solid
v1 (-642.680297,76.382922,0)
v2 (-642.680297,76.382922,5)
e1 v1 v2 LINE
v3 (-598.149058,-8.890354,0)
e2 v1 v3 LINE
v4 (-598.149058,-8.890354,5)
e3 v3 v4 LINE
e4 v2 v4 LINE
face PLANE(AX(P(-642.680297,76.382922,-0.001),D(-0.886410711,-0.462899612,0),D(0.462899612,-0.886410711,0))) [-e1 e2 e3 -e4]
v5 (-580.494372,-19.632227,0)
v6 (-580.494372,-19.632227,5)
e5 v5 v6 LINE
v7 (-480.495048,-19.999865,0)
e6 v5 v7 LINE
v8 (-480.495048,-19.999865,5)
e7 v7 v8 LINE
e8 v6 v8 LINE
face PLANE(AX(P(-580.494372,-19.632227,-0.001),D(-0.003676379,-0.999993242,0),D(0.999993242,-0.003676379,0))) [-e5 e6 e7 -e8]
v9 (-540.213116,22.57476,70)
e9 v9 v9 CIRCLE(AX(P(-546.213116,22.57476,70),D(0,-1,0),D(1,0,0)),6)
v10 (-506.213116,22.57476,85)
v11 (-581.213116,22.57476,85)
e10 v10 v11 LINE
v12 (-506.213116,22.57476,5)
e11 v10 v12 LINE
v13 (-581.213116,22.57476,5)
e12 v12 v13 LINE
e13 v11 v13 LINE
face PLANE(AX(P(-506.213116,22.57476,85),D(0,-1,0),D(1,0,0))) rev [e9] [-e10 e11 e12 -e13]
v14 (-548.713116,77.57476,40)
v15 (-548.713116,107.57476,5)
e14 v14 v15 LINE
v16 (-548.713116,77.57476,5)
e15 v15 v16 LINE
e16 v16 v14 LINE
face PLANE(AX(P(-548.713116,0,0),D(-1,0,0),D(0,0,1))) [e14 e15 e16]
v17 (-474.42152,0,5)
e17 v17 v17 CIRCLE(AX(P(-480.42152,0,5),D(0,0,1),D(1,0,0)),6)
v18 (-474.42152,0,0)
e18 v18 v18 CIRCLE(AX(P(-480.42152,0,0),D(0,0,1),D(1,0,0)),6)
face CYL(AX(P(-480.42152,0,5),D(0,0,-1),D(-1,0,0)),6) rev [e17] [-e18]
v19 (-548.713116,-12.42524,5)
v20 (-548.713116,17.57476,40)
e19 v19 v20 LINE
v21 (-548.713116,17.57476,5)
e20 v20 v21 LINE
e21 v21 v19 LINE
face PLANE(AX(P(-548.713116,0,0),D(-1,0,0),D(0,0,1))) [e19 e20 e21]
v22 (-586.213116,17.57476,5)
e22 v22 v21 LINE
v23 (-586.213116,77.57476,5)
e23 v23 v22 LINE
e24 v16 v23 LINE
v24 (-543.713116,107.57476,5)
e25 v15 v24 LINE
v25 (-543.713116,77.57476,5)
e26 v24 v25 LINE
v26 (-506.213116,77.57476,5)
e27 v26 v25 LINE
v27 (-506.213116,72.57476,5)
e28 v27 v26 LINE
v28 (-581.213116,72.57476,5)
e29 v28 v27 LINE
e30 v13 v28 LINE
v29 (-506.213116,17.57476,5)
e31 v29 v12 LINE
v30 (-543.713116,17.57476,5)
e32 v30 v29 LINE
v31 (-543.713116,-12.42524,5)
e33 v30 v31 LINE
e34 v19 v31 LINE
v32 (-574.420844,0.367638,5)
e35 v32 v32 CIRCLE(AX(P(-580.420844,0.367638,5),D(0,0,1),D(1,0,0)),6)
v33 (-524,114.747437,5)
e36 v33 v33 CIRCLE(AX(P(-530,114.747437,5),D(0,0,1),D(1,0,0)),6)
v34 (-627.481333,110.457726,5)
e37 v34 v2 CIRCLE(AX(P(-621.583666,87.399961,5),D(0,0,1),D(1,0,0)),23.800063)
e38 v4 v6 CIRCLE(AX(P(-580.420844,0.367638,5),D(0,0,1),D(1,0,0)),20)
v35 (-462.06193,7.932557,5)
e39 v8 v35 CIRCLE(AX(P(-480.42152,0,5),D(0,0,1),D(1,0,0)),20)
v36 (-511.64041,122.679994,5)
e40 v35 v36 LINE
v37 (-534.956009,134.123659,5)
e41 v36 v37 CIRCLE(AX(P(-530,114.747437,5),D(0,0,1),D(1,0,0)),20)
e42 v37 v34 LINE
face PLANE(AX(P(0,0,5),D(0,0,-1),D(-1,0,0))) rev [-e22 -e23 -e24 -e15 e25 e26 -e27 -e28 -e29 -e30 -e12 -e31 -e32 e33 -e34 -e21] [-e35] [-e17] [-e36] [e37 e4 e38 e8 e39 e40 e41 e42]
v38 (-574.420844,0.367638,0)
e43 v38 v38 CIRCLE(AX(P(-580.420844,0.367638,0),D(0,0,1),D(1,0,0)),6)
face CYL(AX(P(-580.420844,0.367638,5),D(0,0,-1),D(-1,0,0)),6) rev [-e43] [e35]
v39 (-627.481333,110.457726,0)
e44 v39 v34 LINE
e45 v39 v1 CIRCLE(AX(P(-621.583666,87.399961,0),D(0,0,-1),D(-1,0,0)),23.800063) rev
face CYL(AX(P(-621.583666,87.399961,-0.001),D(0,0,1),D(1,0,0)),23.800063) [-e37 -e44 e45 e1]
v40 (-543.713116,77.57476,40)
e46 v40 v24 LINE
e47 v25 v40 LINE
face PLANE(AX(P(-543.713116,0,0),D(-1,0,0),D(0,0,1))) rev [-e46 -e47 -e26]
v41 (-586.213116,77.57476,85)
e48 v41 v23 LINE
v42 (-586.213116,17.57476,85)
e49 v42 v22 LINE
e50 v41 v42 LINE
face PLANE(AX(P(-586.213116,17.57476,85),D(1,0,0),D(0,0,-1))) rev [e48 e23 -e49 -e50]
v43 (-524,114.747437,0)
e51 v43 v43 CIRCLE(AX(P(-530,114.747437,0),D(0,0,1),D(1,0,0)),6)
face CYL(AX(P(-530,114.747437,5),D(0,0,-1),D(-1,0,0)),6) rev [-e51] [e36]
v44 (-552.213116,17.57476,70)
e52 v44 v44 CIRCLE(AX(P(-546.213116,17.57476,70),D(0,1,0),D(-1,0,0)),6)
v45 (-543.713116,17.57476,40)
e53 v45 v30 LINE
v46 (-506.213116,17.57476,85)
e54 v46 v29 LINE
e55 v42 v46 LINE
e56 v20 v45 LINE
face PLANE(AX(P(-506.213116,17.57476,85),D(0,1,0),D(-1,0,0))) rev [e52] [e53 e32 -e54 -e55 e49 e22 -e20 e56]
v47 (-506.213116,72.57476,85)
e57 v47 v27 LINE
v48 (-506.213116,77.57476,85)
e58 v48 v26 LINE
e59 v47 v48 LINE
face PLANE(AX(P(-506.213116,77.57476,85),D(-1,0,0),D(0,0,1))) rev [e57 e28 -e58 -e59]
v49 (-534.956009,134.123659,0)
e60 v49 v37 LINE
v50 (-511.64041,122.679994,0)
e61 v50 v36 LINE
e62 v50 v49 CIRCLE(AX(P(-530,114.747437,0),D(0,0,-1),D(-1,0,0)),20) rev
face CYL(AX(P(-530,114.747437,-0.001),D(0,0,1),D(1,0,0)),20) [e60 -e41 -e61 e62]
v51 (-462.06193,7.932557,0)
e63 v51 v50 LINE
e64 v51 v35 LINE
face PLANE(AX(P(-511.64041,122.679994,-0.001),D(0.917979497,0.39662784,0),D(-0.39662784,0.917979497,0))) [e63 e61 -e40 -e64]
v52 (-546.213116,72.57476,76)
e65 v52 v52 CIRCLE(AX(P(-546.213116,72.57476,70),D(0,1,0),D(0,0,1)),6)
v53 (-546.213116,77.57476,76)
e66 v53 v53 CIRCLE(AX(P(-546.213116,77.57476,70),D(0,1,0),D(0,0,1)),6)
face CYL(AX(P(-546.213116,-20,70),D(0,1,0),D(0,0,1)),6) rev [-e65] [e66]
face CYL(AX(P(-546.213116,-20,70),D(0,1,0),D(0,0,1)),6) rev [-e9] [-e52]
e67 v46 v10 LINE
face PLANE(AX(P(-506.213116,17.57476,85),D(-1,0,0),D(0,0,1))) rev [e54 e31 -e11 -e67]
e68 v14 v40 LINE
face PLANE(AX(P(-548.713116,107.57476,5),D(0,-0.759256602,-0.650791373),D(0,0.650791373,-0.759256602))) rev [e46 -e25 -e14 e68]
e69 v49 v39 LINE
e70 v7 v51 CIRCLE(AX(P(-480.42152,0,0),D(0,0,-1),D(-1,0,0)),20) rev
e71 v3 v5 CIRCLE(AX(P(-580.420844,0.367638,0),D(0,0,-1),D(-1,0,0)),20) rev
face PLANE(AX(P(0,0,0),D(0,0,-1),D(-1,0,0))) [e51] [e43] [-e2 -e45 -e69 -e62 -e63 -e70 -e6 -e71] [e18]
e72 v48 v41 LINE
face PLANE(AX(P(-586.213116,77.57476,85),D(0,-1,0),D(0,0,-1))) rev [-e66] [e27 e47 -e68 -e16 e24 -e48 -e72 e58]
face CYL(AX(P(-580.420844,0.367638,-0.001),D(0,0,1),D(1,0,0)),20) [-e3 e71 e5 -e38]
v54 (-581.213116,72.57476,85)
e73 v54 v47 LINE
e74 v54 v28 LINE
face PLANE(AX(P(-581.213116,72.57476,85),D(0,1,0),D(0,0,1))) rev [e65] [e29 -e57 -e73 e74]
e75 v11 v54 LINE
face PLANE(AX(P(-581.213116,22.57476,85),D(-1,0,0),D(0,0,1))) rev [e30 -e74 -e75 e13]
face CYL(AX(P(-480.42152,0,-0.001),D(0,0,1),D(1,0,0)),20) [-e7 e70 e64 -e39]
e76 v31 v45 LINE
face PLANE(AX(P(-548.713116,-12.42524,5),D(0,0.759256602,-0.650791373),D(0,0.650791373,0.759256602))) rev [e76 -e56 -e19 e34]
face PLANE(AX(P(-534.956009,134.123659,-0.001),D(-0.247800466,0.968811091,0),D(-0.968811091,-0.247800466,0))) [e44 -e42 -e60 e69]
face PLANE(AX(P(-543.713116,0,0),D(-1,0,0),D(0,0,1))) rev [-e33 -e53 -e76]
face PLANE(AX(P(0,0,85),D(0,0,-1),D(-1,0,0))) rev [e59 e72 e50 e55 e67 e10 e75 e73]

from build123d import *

# Parameters (mm, degrees)
ESQUISSE1_W             = 272.524799983
ESQUISSE1_H             = 173.408070163
ESQUISSE1_R             = 6
BOSS_EXTRU_1_DEPTH      = 5
ESQUISSE2_OUTSIDE_W     = 339.137
ESQUISSE2_OUTSIDE_H     = 240.02
ENL_V_MAT_EXTRU_1_DEPTH = 5
BOSS_EXTRU_2_DEPTH      = 80
ESQUISSE4_R             = 6
ENL_V_MAT_EXTRU_2_DEPTH = 98.574759668
BOSS_EXTRU_3_DEPTH      = 2.5


with BuildPart() as part:
    # Esquisse1 → Boss.-Extru.1 (new body)
    with BuildSketch(Plane.XY):
        with Locations((-544.151755804, 61.14332382)):
            Rectangle(ESQUISSE1_W, ESQUISSE1_H)
        with Locations((-580.420844254, 0.36763792)):
            Circle(ESQUISSE1_R, mode=Mode.SUBTRACT)
        with Locations((-480.421520044, 0)):
            Circle(ESQUISSE1_R, mode=Mode.SUBTRACT)
        with Locations((-530, 114.747437119)):
            Circle(ESQUISSE1_R, mode=Mode.SUBTRACT)
    extrude(amount=BOSS_EXTRU_1_DEPTH)

    # Esquisse2 outside → Enlèv. mat.-Extru.1 (cut)
    with BuildSketch(Plane.XY.offset(5)):
        with Locations((-544.1515, 61.143)):
            Rectangle(ESQUISSE2_OUTSIDE_W, ESQUISSE2_OUTSIDE_H)
        with BuildLine():
            Line((-534.956009313, 134.12365893), (-627.481332722, 110.457726071))
            ThreePointArc((-627.481332722, 110.457726071), (-643.319491193, 97.095160735), (-642.680296555, 76.382921688))
            Line((-642.680296555, 76.382921688), (-598.149058477, -8.890354328))
            ThreePointArc((-598.149058477, -8.890354328), (-590.816634727, -16.718249252), (-580.494371838, -19.632226922))
            Line((-580.494371838, -19.632226922), (-480.495047628, -19.999864842))
            ThreePointArc((-480.495047628, -19.999864842), (-463.728705311, -11.015894711), (-462.061930105, 7.932556793))
            Line((-462.061930105, 7.932556793), (-511.640410061, 122.679993912))
            ThreePointArc((-511.640410061, 122.679993912), (-521.187885573, 132.701451693), (-534.956009313, 134.12365893))
        make_face(mode=Mode.SUBTRACT)
    extrude(amount=-ENL_V_MAT_EXTRU_1_DEPTH, mode=Mode.SUBTRACT)

    # Esquisse3 → Boss.-Extru.2 (add)
    with BuildSketch(Plane.XY.offset(5)):
        Polygon((-586.213116183, 77.574759668), (-506.213116183, 77.574759668), (-506.213116183, 72.574759668), (-581.213116183, 72.574759668), (-581.213116183, 22.574759668), (-506.213116183, 22.574759668), (-506.213116183, 17.574759668), (-586.213116183, 17.574759668), (-586.213116183, 22.574759668), (-586.213116183, 72.574759668), align=None)
    extrude(amount=BOSS_EXTRU_2_DEPTH)

    # Esquisse4 → Enlèv. mat.-Extru.2 (cut, through all)
    with BuildSketch(Plane(origin=(0, 77.574759668, 0), x_dir=(1, 0, 0), z_dir=(0, 1, 0))):
        with Locations(Location((-546.213116183, -70, 0), (0, 0, 270))):  # turned: the seam where the file's is
            Circle(ESQUISSE4_R)
    extrude(amount=-ENL_V_MAT_EXTRU_2_DEPTH, mode=Mode.SUBTRACT)

    # Esquisse5 → Boss.-Extru.3 (add, symmetric)
    with BuildSketch(Plane.ZY.offset(546.213116183)):
        Polygon((5, 107.574759668), (40, 77.574759668), (5, 77.574759668), align=None)
        Polygon((5, 17.574759668), (5, -12.425240332), (40, 17.574759668), align=None)
    extrude(amount=BOSS_EXTRU_3_DEPTH, both=True)


solid = part.part
